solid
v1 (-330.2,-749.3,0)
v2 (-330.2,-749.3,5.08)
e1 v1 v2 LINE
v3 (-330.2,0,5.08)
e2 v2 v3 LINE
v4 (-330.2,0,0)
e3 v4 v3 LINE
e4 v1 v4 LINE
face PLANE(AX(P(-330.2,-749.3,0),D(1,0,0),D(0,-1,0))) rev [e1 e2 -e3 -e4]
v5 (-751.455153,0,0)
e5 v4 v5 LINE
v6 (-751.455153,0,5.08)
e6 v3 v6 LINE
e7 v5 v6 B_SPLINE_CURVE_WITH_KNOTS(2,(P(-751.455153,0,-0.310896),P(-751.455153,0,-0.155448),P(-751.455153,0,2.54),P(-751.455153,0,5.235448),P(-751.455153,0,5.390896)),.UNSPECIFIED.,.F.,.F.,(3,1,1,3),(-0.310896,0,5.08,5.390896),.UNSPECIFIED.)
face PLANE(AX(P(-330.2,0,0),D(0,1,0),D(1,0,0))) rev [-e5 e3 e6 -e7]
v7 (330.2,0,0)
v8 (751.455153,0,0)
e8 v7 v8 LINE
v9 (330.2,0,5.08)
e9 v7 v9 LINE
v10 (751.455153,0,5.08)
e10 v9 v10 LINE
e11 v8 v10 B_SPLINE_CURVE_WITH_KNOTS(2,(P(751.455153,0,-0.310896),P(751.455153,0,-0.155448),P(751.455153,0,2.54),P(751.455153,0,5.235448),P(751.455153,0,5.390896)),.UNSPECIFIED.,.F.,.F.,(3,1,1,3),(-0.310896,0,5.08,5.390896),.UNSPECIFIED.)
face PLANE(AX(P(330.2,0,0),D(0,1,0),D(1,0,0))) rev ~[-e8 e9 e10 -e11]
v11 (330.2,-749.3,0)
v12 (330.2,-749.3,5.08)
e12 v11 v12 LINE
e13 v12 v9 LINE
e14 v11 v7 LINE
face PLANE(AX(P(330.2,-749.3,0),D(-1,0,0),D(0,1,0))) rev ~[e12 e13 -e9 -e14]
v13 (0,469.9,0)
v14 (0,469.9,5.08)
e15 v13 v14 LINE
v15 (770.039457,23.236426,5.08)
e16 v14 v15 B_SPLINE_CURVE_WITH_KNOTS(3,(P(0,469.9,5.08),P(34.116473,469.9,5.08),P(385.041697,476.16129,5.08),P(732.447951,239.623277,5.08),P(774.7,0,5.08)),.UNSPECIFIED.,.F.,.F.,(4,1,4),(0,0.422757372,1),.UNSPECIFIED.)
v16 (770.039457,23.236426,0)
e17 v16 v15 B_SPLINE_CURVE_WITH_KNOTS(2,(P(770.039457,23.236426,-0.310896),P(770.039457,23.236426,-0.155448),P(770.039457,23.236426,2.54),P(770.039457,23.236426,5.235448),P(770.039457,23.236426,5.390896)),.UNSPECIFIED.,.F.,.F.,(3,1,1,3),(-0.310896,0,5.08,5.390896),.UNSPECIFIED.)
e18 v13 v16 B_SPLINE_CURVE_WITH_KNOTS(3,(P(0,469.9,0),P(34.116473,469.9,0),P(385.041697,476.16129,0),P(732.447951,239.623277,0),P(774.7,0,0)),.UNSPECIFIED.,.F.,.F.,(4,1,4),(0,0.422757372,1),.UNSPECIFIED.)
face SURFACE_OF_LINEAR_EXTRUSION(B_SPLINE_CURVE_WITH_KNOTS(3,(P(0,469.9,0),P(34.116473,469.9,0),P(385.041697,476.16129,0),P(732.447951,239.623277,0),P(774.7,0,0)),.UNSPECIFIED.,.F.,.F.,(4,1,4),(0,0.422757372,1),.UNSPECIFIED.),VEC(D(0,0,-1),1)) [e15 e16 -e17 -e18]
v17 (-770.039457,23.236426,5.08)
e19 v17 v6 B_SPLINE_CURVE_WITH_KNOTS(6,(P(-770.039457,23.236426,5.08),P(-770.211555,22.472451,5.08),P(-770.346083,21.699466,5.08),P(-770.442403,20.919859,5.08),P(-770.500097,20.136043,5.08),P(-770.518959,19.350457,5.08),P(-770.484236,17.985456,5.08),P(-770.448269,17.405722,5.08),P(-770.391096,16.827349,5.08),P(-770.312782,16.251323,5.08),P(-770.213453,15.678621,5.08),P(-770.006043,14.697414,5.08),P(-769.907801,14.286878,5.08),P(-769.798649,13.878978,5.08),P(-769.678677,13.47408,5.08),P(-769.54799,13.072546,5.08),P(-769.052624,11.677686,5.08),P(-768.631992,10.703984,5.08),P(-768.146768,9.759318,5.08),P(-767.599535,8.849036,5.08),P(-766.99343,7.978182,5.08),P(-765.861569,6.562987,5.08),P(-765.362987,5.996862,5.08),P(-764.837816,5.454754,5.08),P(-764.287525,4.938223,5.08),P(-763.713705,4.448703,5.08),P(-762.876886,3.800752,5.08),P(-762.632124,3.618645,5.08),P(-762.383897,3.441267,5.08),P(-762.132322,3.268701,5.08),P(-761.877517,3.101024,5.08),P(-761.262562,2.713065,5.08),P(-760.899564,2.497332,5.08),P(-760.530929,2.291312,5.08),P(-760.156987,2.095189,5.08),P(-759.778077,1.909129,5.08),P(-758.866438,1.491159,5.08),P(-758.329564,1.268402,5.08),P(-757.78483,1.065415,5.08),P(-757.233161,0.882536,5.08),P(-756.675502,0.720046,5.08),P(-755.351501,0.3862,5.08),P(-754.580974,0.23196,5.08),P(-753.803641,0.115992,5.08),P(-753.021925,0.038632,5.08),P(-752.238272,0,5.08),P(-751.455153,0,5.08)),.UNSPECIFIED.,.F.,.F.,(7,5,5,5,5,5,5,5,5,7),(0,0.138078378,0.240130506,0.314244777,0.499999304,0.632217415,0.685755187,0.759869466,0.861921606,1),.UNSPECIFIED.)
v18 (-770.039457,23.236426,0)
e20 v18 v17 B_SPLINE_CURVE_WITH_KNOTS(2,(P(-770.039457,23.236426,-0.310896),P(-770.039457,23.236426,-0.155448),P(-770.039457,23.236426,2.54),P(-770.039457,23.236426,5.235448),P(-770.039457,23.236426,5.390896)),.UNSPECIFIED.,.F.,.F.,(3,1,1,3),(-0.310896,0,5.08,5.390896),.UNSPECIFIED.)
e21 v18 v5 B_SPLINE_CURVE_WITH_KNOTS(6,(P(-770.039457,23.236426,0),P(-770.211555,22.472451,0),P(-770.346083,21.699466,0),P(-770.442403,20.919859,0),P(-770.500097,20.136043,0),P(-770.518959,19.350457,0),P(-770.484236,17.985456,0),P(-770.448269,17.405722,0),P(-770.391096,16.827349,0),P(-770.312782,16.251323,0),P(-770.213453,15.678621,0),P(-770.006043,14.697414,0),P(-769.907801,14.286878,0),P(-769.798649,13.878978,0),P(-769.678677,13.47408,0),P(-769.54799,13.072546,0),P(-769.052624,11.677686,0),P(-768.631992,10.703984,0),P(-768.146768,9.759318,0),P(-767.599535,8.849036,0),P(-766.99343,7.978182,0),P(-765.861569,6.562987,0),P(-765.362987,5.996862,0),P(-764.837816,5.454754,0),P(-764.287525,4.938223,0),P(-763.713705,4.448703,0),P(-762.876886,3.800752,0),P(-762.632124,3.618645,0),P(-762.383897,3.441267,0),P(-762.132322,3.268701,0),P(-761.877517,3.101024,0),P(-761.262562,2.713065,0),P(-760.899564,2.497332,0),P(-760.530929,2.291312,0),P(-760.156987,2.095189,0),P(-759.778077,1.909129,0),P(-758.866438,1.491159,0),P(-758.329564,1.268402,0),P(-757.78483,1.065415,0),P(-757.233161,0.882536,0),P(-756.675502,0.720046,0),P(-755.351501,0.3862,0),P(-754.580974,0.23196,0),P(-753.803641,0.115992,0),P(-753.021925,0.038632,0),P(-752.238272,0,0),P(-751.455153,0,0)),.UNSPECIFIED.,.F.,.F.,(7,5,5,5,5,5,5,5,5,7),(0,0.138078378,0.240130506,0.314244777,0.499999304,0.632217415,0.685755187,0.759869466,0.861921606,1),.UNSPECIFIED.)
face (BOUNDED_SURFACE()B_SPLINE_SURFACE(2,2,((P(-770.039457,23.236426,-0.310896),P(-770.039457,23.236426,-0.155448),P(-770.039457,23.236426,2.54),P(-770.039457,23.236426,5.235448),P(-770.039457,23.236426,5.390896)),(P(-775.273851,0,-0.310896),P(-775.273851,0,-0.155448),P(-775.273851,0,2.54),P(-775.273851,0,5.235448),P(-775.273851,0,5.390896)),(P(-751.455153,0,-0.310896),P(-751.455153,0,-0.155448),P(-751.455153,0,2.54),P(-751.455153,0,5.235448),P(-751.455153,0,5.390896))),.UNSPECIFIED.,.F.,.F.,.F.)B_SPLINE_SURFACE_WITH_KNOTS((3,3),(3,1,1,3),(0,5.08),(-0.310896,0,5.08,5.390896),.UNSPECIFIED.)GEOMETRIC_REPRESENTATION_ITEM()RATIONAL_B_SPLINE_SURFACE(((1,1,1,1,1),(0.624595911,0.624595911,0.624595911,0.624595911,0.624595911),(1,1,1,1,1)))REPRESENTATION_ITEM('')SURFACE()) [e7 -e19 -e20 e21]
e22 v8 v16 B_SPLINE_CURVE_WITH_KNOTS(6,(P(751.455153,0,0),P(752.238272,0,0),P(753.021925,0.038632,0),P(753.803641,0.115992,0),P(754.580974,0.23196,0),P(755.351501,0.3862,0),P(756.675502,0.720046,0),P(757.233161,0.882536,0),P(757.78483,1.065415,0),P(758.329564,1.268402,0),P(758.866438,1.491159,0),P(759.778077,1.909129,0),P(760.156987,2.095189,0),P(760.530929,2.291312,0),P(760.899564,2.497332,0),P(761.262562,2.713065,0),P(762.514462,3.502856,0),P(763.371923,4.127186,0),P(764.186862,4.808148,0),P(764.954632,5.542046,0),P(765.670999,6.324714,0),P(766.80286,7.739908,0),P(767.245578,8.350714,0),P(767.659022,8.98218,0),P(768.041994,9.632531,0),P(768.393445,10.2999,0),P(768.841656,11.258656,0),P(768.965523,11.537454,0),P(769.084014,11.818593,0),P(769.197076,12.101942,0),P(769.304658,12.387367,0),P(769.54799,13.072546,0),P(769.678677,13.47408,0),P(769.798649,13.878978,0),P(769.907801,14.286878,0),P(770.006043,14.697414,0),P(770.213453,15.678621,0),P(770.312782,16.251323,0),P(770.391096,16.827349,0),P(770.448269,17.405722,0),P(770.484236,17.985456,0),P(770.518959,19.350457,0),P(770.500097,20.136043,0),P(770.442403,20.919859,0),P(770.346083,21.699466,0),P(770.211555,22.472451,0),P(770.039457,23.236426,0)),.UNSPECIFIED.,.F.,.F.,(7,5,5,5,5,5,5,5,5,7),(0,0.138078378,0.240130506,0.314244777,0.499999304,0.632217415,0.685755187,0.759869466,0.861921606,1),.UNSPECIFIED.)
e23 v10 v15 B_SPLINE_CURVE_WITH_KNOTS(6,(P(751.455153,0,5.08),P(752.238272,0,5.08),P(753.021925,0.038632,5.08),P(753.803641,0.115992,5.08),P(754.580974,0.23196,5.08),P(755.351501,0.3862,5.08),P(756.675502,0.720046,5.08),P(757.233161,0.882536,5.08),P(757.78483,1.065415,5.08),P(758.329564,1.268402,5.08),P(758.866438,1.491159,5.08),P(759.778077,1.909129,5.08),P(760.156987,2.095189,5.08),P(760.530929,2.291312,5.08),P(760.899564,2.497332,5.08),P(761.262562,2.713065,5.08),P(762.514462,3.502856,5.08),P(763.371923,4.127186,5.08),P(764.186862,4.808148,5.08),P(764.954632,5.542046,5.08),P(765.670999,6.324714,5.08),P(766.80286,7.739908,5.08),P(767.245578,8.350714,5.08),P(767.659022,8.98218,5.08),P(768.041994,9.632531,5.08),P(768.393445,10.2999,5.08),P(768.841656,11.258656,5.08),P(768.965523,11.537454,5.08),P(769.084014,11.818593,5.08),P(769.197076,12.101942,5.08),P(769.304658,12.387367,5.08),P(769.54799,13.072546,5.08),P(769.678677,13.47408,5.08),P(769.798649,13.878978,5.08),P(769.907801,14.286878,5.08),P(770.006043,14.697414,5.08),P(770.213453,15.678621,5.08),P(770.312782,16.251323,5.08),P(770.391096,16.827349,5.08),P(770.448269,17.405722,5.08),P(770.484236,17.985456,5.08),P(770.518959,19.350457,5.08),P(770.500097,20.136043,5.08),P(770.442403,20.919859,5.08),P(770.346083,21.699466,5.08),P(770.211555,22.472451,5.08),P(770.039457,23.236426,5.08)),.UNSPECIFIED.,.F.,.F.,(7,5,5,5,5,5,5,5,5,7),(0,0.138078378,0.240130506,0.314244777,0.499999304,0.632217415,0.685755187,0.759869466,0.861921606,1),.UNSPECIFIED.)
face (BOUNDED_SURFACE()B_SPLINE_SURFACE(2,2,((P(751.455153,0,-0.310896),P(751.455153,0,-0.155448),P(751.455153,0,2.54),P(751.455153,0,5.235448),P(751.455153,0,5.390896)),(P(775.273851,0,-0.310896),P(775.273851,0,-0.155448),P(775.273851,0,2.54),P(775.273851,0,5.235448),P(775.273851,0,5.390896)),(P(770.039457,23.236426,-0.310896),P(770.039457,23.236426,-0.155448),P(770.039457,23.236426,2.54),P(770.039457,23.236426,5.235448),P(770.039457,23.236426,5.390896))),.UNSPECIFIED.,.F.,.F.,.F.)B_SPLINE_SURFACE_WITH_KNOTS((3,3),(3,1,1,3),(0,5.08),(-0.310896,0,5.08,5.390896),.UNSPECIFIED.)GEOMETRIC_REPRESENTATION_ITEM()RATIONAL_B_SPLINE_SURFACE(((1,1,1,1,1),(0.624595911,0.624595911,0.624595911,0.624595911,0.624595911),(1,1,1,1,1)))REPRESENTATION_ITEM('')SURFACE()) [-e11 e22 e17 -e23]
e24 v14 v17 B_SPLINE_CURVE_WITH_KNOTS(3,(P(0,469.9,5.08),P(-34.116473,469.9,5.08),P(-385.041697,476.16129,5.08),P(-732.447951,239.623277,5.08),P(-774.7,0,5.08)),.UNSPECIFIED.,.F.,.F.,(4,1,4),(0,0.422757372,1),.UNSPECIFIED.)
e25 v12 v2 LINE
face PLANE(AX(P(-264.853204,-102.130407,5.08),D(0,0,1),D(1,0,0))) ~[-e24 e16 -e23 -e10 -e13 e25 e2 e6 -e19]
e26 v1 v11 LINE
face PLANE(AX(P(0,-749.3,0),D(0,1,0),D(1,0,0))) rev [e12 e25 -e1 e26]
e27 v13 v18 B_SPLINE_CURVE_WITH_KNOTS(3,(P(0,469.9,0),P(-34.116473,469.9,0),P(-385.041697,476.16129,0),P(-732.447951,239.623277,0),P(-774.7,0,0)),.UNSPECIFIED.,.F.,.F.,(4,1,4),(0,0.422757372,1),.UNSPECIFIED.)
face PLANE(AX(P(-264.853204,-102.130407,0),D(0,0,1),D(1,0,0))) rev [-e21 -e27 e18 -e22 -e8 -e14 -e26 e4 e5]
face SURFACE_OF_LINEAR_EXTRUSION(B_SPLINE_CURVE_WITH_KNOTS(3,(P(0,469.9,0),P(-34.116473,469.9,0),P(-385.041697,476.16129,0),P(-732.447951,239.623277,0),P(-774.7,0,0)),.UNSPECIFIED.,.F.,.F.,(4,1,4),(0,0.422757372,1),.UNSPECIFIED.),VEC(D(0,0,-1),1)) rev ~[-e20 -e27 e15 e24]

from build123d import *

# Parameters (mm, degrees)
F1_DEPTH = 5.08
F3_R     = 19.05


with BuildPart() as f1:
    # F0 (on Top) → F1 (new body)
    with BuildSketch(Plane.XY):
        with BuildLine():
            Line((330.2, -749.3), (330.2, 0))
            Line((330.2, 0), (774.7, 0))
            add(Edge.make_bspline(
                [(0, 469.9), (34.1164730489, 469.9), (385.0416966647, 476.161289739), (732.4479509774, 239.6232774633), (774.7, 0)],
                knots=[0, 0, 0, 0, 0.4227573718, 1, 1, 1, 1], degree=3))
            Line((0, 469.9), (0, 0))
            Line((0, 0), (0, -749.3))
            Line((0, -749.3), (330.2, -749.3))
        make_face()
    extrude(amount=F1_DEPTH)

    # F2: F1 across face


with BuildPart() as f1_1:
    add(f1.part)
    add(f1.part.mirror(Plane(origin=(0, -139.7, 2.54), x_dir=(0, -1, 0), z_dir=(-1, 0, 0))))

    # F3
    f3_edges = [f1_1.edges().sort_by_distance(p)[0] for p in [
        (-774.7, 0, 2.54),
        (774.7, 0, 2.54),
    ]]
    fillet(f3_edges, radius=F3_R)


solid = f1_1.part
